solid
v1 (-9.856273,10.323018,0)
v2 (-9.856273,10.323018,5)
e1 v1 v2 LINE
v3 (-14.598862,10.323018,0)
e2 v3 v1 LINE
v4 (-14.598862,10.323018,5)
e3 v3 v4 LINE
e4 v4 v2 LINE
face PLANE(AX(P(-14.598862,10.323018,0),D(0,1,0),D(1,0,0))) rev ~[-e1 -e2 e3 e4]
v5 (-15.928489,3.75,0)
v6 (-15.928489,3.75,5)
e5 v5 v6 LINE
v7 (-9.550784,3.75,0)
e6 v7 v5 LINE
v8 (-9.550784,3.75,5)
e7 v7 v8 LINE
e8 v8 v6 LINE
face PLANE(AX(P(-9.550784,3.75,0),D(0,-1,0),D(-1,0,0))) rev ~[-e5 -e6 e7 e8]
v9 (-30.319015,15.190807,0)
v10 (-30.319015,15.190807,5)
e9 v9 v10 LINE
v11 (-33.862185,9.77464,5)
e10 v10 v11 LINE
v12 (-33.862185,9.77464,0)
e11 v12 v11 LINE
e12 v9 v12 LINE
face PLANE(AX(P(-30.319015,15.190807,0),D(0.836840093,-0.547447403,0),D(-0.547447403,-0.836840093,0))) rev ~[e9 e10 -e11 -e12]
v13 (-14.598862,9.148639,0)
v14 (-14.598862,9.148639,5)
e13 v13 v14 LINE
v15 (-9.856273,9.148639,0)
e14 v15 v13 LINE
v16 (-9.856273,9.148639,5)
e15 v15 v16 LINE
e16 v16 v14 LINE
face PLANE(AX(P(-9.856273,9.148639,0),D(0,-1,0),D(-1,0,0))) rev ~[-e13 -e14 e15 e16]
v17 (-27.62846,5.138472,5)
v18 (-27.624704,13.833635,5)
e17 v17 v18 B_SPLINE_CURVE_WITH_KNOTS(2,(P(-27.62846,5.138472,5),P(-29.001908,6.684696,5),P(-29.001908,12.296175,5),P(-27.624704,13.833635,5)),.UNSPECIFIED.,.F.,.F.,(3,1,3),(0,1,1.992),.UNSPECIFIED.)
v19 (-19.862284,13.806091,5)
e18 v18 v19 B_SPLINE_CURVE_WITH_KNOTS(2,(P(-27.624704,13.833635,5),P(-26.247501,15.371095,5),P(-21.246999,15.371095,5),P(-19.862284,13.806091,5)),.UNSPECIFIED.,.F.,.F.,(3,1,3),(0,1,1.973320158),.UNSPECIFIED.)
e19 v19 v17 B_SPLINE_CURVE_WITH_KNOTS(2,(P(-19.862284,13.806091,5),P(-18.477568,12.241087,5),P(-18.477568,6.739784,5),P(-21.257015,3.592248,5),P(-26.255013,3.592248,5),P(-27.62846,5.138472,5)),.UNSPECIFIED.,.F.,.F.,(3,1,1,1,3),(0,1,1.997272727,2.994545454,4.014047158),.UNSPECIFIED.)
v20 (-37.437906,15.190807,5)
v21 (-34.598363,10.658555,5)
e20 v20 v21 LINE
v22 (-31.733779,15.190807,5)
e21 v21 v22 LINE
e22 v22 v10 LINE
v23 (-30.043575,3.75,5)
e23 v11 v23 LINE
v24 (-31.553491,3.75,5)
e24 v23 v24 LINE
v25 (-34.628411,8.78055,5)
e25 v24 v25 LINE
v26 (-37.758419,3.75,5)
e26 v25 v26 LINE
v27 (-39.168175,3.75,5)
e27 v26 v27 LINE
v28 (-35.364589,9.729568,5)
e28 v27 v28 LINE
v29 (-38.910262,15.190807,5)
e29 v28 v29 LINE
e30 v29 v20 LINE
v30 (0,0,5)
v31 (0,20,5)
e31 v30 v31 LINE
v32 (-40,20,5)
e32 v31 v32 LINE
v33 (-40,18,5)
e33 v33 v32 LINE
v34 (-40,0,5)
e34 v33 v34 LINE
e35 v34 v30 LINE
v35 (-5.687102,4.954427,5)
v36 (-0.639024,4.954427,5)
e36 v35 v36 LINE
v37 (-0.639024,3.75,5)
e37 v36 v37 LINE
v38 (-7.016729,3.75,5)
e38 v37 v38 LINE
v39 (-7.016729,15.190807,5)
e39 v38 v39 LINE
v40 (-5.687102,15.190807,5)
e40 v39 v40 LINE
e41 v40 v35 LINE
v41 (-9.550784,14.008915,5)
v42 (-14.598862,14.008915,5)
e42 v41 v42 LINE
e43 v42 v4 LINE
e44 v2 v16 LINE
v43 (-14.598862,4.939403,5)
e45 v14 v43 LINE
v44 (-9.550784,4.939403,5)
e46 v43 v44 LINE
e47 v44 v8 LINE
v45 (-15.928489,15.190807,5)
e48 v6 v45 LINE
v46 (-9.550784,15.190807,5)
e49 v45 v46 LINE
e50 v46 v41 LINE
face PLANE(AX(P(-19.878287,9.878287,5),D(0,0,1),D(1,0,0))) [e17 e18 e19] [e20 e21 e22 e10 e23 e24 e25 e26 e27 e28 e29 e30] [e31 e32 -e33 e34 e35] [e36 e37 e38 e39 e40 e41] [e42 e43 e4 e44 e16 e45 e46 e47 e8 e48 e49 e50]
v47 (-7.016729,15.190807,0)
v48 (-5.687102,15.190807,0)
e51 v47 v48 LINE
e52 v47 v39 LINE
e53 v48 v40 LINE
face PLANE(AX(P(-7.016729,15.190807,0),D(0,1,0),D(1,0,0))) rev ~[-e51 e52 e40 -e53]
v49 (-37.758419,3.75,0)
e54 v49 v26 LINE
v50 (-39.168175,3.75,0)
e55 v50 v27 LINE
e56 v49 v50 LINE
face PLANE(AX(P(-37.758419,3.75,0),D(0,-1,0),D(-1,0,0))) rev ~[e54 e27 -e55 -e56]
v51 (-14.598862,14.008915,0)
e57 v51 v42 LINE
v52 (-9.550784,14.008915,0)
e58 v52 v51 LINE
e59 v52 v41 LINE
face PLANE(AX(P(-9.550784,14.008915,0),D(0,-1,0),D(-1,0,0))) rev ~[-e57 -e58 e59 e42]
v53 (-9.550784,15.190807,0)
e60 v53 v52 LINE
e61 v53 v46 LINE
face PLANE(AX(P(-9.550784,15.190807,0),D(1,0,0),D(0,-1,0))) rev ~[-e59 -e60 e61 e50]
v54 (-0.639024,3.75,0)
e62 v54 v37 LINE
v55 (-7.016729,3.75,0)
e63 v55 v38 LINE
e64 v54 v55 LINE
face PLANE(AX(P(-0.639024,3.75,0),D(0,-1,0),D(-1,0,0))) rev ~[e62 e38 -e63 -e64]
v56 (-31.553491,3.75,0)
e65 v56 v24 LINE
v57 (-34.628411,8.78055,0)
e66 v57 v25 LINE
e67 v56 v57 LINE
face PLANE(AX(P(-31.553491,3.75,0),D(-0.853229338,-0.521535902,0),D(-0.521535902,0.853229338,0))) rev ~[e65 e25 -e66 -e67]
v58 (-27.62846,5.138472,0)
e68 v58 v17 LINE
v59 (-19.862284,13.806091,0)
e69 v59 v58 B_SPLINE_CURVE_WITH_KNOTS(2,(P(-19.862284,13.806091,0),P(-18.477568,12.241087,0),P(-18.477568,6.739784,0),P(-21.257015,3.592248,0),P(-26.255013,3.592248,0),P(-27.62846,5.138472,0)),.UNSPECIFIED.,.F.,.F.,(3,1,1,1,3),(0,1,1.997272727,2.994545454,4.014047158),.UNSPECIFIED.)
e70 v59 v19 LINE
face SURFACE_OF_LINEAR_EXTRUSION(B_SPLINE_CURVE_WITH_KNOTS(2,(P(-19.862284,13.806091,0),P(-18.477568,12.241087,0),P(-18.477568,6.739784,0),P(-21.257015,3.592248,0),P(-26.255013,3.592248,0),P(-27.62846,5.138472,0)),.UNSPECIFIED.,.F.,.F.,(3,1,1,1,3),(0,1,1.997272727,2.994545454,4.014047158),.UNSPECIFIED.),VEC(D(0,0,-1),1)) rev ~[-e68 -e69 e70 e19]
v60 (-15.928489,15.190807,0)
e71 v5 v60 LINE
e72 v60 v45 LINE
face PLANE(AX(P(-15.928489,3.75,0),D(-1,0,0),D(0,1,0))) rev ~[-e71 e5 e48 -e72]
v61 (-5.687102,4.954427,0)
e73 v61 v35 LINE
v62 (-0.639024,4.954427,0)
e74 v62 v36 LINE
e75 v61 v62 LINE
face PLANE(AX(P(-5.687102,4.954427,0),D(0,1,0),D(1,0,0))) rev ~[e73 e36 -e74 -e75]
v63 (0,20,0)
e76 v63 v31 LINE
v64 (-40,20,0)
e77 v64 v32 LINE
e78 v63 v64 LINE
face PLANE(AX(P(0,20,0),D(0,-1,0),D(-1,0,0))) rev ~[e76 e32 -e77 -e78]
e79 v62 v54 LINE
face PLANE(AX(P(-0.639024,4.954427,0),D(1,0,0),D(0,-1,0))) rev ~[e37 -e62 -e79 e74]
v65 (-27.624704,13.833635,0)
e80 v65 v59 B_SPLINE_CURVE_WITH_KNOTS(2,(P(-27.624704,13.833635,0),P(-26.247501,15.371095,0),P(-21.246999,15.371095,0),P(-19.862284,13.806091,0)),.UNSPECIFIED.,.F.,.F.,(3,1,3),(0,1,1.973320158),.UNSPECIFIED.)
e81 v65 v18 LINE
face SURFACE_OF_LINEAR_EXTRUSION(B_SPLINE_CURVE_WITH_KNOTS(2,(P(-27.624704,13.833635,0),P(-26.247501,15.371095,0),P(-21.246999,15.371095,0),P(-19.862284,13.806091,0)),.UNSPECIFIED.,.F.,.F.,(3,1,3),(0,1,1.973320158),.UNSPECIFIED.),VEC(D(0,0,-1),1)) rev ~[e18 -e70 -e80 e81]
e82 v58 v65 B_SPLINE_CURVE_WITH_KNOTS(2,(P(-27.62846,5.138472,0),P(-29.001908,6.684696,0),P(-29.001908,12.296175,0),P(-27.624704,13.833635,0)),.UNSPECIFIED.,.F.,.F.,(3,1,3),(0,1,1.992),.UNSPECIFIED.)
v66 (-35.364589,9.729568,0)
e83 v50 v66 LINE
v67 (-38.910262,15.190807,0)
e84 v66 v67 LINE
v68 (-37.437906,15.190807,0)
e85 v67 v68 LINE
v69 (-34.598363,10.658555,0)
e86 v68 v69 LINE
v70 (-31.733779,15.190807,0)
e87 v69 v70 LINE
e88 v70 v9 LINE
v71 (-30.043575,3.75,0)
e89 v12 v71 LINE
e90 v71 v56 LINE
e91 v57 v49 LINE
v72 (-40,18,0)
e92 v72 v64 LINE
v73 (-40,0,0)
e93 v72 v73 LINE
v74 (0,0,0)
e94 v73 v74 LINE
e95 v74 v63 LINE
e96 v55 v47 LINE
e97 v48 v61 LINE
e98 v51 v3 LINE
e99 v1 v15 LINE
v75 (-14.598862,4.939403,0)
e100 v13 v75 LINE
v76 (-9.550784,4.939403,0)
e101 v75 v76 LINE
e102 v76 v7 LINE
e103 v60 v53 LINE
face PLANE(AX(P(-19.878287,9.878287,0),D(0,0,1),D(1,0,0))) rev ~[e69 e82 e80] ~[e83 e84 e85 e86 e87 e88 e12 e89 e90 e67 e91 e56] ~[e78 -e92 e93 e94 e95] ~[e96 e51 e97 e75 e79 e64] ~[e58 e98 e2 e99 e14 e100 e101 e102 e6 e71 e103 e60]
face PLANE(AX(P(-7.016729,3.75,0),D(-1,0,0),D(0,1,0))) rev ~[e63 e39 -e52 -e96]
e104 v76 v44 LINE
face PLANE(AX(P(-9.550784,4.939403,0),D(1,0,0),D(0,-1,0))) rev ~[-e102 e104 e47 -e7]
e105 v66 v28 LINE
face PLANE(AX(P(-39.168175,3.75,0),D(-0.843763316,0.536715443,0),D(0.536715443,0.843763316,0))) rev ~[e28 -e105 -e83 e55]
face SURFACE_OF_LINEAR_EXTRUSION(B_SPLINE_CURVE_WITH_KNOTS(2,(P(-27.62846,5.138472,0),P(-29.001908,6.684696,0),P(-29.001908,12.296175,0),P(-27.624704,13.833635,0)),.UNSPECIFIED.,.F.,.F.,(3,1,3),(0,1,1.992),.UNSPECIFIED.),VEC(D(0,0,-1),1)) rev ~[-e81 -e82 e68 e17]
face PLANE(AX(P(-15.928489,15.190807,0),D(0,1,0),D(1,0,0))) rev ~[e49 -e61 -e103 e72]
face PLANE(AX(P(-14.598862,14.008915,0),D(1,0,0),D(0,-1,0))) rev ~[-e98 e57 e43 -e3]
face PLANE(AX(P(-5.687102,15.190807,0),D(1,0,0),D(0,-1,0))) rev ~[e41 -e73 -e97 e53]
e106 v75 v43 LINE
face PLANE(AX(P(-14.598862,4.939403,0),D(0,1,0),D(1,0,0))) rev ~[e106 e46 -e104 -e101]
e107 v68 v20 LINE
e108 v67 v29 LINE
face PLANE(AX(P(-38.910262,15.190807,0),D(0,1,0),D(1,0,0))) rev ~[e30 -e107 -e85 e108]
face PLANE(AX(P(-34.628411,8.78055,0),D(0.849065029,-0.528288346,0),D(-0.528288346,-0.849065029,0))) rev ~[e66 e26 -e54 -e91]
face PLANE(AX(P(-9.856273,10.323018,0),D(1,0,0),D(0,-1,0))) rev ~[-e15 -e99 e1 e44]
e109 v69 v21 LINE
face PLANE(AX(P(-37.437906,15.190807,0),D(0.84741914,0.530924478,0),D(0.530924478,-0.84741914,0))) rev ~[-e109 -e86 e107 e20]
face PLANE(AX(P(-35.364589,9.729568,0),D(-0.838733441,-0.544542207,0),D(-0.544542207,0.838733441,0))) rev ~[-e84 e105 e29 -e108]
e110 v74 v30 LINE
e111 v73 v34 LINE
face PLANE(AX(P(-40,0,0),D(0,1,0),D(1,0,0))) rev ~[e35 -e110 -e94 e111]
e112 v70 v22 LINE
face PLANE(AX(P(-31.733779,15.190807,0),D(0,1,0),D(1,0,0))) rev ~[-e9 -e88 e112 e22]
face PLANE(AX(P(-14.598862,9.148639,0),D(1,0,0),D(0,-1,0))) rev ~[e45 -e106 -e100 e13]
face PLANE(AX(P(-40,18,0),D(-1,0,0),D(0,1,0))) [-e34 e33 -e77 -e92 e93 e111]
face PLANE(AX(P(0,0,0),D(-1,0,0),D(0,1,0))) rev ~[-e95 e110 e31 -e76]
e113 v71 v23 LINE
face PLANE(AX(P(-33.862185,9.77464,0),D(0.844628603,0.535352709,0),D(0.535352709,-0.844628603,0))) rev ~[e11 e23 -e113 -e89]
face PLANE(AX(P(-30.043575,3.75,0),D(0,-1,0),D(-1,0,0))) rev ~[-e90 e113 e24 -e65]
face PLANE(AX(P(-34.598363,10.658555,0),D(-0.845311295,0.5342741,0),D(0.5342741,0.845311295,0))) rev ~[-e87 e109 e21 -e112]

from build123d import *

# Parameters (mm, degrees)
F0_W     = 7.3027783253
F0_H     = 2
F1_DEPTH = 5


with BuildPart() as f1:
    # F0 (on Top) → F1 (new body)
    with BuildSketch(Plane.XY):
        Polygon((-6.9230771488, 20), (-32.6972216747, 20), (-32.6972216747, 18), (-40, 18), (-40, 0), (0, 0), (0, 20), align=None)
        Polygon((-33.8621847978, 9.7746401855), (-30.0435746334, 3.750000149), (-31.5534906525, 3.750000149), (-34.6284108374, 8.7805495395), (-37.7584191689, 3.750000149), (-39.1681749214, 3.750000149), (-35.364588797, 9.7295680656), (-38.9102622349, 15.1908066024), (-37.4379063158, 15.1908066024), (-34.5983627574, 10.6585545384), (-31.7337791324, 15.1908066024), (-30.3190153665, 15.1908066024), align=None, mode=Mode.SUBTRACT)
        with BuildLine():
            add(Edge.make_bspline(
                [(-19.8622835325, 13.8060909166), (-18.4775678467, 12.2410867508), (-18.4775678467, 9.486679419)],
                knots=[0, 0, 0, 1, 1, 1], degree=2))
            add(Edge.make_bspline(
                [(-18.4775678467, 9.486679419), (-18.4775678467, 6.7397841073), (-19.8672915459, 5.1660159182)],
                knots=[0, 0, 0, 1, 1, 1], degree=2))
            add(Edge.make_bspline(
                [(-19.8672915459, 5.1660159182), (-21.2570152451, 3.5922477291), (-23.7284698237, 3.5922477291)],
                knots=[0, 0, 0, 1, 1, 1], degree=2))
            add(Edge.make_bspline(
                [(-23.7284698237, 3.5922477291), (-26.2550125489, 3.5922477291), (-27.6284602047, 5.1384718449)],
                knots=[0, 0, 0, 1, 1, 1], degree=2))
            add(Edge.make_bspline(
                [(-27.6284602047, 5.1384718449), (-29.0019078606, 6.6846959607), (-29.0019078606, 9.501703459)],
                knots=[0, 0, 0, 1, 1, 1], degree=2))
            add(Edge.make_bspline(
                [(-29.0019078606, 9.501703459), (-29.0019078606, 12.2961748974), (-27.6247041947, 13.8336349899)],
                knots=[0, 0, 0, 1, 1, 1], degree=2))
            add(Edge.make_bspline(
                [(-27.6247041947, 13.8336349899), (-26.2475005289, 15.3710950823), (-23.7134457837, 15.3710950823)],
                knots=[0, 0, 0, 1, 1, 1], degree=2))
            add(Edge.make_bspline(
                [(-23.7134457837, 15.3710950823), (-21.2469992184, 15.3710950823), (-19.8622835325, 13.8060909166)],
                knots=[0, 0, 0, 1, 1, 1], degree=2))
        make_face(mode=Mode.SUBTRACT)
        Polygon((-9.5507840851, 4.939403315), (-9.5507840851, 3.750000149), (-15.9284890615, 3.750000149), (-15.9284890615, 15.1908066024), (-9.5507840851, 15.1908066024), (-9.5507840851, 14.0089154564), (-14.5988615222, 14.0089154564), (-14.5988615222, 10.3230176452), (-9.8562728983, 10.3230176452), (-9.8562728983, 9.1486385192), (-14.5988615222, 9.1486385192), (-14.5988615222, 4.939403315), align=None, mode=Mode.SUBTRACT)
        Polygon((-0.6390243636, 3.750000149), (-7.0167293399, 3.750000149), (-7.0167293399, 15.1908066024), (-5.6871018007, 15.1908066024), (-5.6871018007, 4.954427355), (-0.6390243636, 4.954427355), align=None, mode=Mode.SUBTRACT)
        with BuildLine():
            ThreePointArc((-4.5192325674, 17.596155405), (-8.6228519812, 15.8963805958), (-6.9230771488, 20))
            ThreePointArc((-6.9230771488, 20), (-5.2233023436, 19.2959302143), (-4.5192325674, 17.596155405))
        make_face(mode=Mode.SUBTRACT)
        with BuildLine():
            ThreePointArc((-4.5192325674, 17.596155405), (-5.2233023436, 19.2959302143), (-6.9230771488, 20))
            ThreePointArc((-6.9230771488, 20), (-8.6228519812, 15.8963805958), (-4.5192325674, 17.596155405))
        make_face()
        with Locations((-36.3486108374, 19)):
            Rectangle(F0_W, F0_H)
    extrude(amount=F1_DEPTH)


solid = f1.part
